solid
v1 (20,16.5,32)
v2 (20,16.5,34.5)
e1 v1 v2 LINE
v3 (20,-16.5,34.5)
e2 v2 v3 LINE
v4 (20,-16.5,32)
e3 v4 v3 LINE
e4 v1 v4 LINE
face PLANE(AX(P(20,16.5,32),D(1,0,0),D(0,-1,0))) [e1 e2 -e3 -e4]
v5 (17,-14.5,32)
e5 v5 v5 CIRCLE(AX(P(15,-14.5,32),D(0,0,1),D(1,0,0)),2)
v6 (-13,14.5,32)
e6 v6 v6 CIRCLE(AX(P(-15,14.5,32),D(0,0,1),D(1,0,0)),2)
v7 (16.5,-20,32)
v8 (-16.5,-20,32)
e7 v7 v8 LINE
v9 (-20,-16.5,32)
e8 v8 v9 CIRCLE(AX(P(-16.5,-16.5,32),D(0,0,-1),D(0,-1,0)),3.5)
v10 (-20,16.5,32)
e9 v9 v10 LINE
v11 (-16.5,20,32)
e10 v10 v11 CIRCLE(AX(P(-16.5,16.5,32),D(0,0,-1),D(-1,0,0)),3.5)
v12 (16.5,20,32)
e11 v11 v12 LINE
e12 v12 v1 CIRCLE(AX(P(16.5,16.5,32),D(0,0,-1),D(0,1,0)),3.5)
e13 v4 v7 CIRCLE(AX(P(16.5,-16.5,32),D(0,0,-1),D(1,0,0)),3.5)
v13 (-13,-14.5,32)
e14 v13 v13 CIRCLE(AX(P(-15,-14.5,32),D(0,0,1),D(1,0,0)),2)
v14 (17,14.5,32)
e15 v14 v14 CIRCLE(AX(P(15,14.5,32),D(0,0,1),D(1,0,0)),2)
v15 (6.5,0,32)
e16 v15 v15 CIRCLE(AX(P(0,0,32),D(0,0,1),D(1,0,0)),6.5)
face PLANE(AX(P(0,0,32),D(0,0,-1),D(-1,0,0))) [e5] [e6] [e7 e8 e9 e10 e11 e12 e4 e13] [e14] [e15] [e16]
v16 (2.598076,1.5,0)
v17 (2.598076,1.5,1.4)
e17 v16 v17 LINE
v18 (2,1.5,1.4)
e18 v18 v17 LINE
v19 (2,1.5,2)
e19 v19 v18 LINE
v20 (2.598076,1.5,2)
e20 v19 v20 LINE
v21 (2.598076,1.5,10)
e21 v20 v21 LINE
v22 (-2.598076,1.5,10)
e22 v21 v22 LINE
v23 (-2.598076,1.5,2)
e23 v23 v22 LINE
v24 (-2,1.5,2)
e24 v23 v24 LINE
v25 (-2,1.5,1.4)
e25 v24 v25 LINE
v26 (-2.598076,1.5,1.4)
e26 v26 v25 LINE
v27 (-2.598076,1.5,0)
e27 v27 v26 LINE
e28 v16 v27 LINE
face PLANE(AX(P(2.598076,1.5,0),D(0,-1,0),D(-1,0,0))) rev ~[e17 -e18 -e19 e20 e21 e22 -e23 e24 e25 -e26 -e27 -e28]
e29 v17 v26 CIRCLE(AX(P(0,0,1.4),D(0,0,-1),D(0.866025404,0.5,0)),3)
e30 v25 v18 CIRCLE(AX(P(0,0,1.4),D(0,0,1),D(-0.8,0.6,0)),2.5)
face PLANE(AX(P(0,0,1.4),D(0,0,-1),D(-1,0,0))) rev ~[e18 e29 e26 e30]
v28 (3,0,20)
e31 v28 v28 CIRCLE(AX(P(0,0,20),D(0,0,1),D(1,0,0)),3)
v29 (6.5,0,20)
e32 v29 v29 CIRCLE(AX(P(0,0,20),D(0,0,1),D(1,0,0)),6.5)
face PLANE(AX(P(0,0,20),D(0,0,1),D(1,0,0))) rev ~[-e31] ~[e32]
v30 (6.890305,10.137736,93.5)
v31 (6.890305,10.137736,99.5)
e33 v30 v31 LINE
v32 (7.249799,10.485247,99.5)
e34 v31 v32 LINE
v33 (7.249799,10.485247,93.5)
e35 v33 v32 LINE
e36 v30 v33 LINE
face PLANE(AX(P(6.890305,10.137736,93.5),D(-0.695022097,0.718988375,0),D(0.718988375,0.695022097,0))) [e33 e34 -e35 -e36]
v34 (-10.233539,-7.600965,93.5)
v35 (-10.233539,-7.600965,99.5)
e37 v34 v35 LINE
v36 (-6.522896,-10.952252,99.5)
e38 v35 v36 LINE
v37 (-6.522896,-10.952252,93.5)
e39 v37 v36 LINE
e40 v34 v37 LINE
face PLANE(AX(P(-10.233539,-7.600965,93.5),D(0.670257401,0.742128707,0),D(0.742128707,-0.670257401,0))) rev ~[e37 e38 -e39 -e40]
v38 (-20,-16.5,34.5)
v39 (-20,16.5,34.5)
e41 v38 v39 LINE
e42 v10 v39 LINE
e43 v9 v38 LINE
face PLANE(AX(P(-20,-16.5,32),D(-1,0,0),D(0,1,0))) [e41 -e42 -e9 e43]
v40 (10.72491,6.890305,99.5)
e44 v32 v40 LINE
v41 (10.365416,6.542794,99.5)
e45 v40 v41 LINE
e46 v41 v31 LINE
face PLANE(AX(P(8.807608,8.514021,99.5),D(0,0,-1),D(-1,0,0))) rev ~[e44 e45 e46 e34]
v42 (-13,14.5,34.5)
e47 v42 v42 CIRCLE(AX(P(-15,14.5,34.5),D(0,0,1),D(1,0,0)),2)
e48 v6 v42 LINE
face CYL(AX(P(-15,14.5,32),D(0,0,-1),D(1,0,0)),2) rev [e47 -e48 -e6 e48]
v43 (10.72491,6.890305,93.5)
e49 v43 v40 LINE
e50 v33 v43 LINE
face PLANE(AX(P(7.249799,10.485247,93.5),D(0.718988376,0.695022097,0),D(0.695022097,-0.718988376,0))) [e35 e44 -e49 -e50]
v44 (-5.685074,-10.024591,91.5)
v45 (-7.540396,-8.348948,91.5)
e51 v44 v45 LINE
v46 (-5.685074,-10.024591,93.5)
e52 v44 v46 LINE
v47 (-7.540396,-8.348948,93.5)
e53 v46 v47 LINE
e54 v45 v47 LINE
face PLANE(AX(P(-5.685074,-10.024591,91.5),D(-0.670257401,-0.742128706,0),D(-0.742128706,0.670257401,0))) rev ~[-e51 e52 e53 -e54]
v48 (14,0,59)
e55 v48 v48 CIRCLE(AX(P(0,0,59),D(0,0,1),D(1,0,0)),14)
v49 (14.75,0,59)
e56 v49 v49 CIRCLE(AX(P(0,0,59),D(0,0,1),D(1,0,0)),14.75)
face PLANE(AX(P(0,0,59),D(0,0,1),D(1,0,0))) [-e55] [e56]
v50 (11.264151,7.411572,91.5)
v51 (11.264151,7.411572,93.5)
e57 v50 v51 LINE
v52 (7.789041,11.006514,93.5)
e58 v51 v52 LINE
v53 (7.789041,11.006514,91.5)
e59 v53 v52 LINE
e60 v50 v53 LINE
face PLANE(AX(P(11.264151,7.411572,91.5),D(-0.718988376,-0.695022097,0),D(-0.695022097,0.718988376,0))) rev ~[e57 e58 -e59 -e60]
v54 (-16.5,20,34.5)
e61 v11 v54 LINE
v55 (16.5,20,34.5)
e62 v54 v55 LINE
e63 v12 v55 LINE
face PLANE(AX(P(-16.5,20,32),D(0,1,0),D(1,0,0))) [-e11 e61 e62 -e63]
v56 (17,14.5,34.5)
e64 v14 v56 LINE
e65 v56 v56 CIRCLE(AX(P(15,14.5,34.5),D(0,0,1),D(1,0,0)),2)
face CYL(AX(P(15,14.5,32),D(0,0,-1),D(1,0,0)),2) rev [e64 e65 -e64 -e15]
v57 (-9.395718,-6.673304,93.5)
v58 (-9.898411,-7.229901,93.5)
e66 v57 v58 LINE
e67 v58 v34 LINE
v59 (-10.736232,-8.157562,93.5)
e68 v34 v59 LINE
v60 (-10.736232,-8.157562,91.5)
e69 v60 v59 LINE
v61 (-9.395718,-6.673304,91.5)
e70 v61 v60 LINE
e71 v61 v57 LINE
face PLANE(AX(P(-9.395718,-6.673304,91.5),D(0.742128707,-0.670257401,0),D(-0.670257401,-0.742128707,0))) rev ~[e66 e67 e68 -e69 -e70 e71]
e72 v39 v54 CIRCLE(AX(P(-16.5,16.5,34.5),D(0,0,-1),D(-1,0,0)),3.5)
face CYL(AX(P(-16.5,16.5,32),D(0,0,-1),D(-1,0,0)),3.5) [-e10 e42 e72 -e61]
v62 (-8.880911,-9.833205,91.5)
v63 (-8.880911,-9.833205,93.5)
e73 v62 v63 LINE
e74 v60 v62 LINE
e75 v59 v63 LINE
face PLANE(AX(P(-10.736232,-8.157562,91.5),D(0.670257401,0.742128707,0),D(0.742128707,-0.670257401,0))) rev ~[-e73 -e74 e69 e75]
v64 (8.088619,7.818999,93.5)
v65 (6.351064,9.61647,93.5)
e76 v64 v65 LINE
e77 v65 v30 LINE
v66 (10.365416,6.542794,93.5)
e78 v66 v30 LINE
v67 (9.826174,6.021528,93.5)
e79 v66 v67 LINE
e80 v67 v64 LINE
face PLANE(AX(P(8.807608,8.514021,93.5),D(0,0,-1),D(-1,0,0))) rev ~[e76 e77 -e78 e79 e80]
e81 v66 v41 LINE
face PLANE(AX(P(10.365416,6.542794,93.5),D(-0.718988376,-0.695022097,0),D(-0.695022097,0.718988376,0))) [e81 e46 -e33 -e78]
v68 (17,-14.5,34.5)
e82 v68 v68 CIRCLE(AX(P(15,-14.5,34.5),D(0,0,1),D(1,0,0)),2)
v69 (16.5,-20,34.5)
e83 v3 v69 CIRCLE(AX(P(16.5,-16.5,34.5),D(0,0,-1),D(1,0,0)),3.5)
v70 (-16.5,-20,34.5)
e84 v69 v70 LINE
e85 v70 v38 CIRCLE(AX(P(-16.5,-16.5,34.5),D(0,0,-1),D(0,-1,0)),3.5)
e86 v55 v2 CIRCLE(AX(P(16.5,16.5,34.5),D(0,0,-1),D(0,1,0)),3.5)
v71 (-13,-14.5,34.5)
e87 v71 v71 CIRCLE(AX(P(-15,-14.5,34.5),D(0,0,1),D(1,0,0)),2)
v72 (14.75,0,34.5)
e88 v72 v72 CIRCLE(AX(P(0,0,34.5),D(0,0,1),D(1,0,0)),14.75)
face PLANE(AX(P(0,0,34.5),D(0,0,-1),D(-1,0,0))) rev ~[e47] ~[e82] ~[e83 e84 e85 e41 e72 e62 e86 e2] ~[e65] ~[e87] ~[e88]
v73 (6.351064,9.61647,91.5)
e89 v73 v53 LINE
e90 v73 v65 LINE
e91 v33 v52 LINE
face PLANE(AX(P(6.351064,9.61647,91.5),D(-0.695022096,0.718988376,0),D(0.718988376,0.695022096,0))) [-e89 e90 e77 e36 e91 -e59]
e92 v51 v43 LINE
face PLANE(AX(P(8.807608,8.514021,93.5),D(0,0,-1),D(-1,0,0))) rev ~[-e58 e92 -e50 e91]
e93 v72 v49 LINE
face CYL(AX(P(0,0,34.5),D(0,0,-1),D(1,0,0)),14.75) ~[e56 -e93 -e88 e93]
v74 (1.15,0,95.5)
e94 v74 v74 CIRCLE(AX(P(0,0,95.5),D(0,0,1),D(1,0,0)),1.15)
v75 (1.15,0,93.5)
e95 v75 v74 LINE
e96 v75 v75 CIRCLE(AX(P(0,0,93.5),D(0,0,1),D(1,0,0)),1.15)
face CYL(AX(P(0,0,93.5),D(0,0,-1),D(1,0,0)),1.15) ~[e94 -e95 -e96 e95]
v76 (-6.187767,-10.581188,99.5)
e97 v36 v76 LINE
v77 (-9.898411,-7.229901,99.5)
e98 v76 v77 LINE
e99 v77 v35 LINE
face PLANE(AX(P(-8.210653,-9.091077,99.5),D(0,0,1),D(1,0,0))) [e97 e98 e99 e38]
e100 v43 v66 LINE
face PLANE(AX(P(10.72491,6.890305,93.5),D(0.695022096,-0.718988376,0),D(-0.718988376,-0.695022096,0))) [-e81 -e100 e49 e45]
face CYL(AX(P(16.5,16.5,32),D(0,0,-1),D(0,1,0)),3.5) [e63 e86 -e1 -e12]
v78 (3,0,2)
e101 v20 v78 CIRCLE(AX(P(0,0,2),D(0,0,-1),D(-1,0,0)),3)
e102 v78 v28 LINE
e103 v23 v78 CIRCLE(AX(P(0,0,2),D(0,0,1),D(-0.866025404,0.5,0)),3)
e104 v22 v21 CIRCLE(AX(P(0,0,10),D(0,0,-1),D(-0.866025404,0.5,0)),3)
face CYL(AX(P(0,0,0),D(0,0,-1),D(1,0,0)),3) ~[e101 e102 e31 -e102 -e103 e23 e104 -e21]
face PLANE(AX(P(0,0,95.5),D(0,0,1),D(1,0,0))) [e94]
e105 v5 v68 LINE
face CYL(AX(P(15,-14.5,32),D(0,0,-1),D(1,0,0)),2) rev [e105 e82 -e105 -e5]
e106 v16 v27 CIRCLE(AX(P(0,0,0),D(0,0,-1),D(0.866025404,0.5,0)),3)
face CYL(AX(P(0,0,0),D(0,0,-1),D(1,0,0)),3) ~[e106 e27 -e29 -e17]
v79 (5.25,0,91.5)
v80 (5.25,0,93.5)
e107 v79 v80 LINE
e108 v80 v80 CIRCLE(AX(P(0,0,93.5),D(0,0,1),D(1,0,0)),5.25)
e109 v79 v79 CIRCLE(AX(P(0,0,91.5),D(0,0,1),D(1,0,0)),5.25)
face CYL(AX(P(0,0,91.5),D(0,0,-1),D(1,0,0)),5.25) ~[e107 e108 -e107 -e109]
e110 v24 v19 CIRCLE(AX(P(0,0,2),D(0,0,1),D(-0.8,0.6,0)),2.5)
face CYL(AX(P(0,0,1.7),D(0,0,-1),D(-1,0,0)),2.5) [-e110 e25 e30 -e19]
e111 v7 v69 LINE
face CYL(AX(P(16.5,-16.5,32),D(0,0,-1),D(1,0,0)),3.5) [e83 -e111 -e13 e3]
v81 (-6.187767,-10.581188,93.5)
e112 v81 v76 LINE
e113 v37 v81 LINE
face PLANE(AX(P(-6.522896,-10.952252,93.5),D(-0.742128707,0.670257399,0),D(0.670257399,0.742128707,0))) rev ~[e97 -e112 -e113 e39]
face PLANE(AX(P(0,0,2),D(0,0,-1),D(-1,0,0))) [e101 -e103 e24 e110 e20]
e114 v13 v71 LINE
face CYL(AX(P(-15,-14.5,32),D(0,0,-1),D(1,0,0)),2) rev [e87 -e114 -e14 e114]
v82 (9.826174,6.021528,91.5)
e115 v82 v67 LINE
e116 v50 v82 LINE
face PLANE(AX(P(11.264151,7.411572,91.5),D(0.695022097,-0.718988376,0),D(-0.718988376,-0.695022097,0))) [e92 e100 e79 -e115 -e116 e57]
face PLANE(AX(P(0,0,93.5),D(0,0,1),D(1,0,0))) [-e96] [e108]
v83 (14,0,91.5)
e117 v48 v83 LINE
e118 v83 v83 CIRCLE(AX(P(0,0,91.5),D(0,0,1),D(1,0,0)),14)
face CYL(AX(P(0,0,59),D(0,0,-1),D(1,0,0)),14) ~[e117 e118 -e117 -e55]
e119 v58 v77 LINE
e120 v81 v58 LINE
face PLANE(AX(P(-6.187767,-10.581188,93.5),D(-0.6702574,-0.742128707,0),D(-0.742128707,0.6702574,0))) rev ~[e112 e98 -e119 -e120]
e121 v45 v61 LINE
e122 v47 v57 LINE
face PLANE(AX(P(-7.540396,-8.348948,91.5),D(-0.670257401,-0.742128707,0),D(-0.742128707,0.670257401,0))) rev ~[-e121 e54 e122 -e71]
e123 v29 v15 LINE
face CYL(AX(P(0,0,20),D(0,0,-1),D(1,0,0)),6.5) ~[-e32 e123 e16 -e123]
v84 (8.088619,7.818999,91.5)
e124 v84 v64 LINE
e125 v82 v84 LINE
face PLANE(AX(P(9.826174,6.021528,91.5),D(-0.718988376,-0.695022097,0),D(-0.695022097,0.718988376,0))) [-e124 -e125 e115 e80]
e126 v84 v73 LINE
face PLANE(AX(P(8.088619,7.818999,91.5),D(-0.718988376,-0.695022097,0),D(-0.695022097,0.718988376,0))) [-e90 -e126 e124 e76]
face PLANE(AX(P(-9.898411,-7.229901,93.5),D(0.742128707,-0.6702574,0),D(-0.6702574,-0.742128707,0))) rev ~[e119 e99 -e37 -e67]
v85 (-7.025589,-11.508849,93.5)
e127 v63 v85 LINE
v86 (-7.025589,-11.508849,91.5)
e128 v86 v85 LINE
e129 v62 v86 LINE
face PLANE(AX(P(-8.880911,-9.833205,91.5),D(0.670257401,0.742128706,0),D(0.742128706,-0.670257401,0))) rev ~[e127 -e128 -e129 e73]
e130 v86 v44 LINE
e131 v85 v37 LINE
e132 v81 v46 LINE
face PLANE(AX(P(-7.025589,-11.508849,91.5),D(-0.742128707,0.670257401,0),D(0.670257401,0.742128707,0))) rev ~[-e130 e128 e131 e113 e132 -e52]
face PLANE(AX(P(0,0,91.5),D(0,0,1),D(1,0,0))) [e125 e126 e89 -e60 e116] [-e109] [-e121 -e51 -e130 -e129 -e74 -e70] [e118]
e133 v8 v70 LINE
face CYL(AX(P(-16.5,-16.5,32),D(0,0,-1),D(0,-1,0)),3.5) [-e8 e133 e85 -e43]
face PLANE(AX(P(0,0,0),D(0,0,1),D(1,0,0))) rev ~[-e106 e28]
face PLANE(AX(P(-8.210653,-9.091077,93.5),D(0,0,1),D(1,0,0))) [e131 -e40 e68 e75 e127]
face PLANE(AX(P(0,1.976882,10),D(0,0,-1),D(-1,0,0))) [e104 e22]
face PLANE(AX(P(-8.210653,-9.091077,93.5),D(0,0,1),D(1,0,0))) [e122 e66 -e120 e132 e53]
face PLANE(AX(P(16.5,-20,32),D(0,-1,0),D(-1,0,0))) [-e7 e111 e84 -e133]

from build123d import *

# Parameters (mm, degrees)
CROQUIS1_R              = 3
SALIENTE_EXTRUIR1_DEPTH = 20
CROQUIS3_R              = 6.5
SALIENTE_EXTRUIR2_DEPTH = 12
CROQUIS4_R              = 2
SALIENTE_EXTRUIR3_DEPTH = 2.5
CROQUIS5_R              = 14.75
SALIENTE_EXTRUIR4_DEPTH = 24.5
CROQUIS6_R              = 14
SALIENTE_EXTRUIR5_DEPTH = 32.5
CROQUIS7_R              = 5.25
SALIENTE_EXTRUIR6_DEPTH = 2
CROQUIS8_R              = 1.15
SALIENTE_EXTRUIR7_DEPTH = 2
SALIENTE_EXTRUIR8_DEPTH = 2
SALIENTE_EXTRUIR9_DEPTH = 6
CORTAR_EXTRUIR1_DEPTH   = 10
CROQUIS12_W             = 0.5
CROQUIS12_H             = 0.6


with BuildPart() as part:
    # Croquis1 → Saliente-Extruir1 (new body)
    with BuildSketch(Plane.XY):
        Circle(CROQUIS1_R)
    extrude(amount=SALIENTE_EXTRUIR1_DEPTH)

    # Croquis3 → Saliente-Extruir2 (add)
    with BuildSketch(Plane.XY.offset(20)):
        Circle(CROQUIS3_R)
    extrude(amount=SALIENTE_EXTRUIR2_DEPTH)

    # Croquis4 → Saliente-Extruir3 (add)
    with BuildSketch(Plane.XY.offset(32)):
        with BuildLine():
            Line((16.5, -20), (-16.5, -20))
            ThreePointArc((-16.5, -20), (-18.974873734, -18.974873734), (-20, -16.5))
            Line((-20, -16.5), (-20, 16.5))
            ThreePointArc((-20, 16.5), (-18.974873734, 18.974873734), (-16.5, 20))
            Line((-16.5, 20), (16.5, 20))
            ThreePointArc((16.5, 20), (18.974873734, 18.974873734), (20, 16.5))
            Line((20, 16.5), (20, -16.5))
            ThreePointArc((20, -16.5), (18.974873734, -18.974873734), (16.5, -20))
        make_face()
        with Locations((15, 14.5)):
            Circle(CROQUIS4_R, mode=Mode.SUBTRACT)
        with Locations((15, -14.5)):
            Circle(CROQUIS4_R, mode=Mode.SUBTRACT)
        with Locations((-15, -14.5)):
            Circle(CROQUIS4_R, mode=Mode.SUBTRACT)
        with Locations((-15, 14.5)):
            Circle(CROQUIS4_R, mode=Mode.SUBTRACT)
    extrude(amount=SALIENTE_EXTRUIR3_DEPTH)

    # Croquis5 → Saliente-Extruir4 (add)
    with BuildSketch(Plane.XY.offset(34.5)):
        Circle(CROQUIS5_R)
    extrude(amount=SALIENTE_EXTRUIR4_DEPTH)

    # Croquis6 → Saliente-Extruir5 (add)
    with BuildSketch(Plane.XY.offset(59)):
        Circle(CROQUIS6_R)
    extrude(amount=SALIENTE_EXTRUIR5_DEPTH)

    # Croquis7 → Saliente-Extruir6 (add)
    with BuildSketch(Plane.XY.offset(91.5)):
        Circle(CROQUIS7_R)
    extrude(amount=SALIENTE_EXTRUIR6_DEPTH)

    # Croquis8 → Saliente-Extruir7 (add)
    with BuildSketch(Plane.XY.offset(93.5)):
        Circle(CROQUIS8_R)
    extrude(amount=SALIENTE_EXTRUIR7_DEPTH)

    # Croquis9 → Saliente-Extruir8 (add)
    with BuildSketch(Plane.XY.offset(91.5)):
        Polygon((8.088619231, 7.81899859), (6.351063988, 9.61646953), (7.789040741, 11.006513723), (9.526595983, 9.209042783), (11.264151225, 7.411571843), (9.826174473, 6.021527649), align=None)
        Polygon((-9.395717522, -6.673304447), (-10.736232323, -8.15756186), (-8.880910557, -9.833205361), (-7.025588791, -11.508848863), (-5.68507399, -10.02459145), (-7.540395756, -8.348947948), align=None)
    extrude(amount=SALIENTE_EXTRUIR8_DEPTH)

    # Croquis10 → Saliente-Extruir9 (add)
    with BuildSketch(Plane.XY.offset(93.5)):
        Polygon((-6.18776704, -10.581187979), (-9.898410573, -7.229900977), (-10.233539273, -7.60096533), (-6.52289574, -10.952252333), align=None)
        Polygon((6.89030527, 10.137736102), (7.249799458, 10.485247151), (10.724909943, 6.89030527), (10.365415755, 6.542794222), align=None)
    extrude(amount=SALIENTE_EXTRUIR9_DEPTH)

    # Croquis11 → Cortar-Extruir1 (cut)
    with BuildSketch(Plane(origin=(0, 0, 0), x_dir=(-1, 0, 0), z_dir=(0, 0, -1))):
        with BuildLine():
            Line((-2.598076211, 1.5), (2.598076211, 1.5))
            ThreePointArc((2.598076211, 1.5), (0, 3), (-2.598076211, 1.5))
        make_face()
    extrude(amount=-CORTAR_EXTRUIR1_DEPTH, mode=Mode.SUBTRACT)

    # Croquis12 → Cortar-Revolución1 (revolve, cut)
    with BuildSketch(Plane(origin=(0, 0, 0), x_dir=(1, 0, 0), z_dir=(0, 1, 0))):
        with Locations((-2.75, -1.7)):
            Rectangle(CROQUIS12_W, CROQUIS12_H)
    revolve(axis=Axis((0, 0, 20), (0, 0, -1)), mode=Mode.SUBTRACT)


solid = part.part
